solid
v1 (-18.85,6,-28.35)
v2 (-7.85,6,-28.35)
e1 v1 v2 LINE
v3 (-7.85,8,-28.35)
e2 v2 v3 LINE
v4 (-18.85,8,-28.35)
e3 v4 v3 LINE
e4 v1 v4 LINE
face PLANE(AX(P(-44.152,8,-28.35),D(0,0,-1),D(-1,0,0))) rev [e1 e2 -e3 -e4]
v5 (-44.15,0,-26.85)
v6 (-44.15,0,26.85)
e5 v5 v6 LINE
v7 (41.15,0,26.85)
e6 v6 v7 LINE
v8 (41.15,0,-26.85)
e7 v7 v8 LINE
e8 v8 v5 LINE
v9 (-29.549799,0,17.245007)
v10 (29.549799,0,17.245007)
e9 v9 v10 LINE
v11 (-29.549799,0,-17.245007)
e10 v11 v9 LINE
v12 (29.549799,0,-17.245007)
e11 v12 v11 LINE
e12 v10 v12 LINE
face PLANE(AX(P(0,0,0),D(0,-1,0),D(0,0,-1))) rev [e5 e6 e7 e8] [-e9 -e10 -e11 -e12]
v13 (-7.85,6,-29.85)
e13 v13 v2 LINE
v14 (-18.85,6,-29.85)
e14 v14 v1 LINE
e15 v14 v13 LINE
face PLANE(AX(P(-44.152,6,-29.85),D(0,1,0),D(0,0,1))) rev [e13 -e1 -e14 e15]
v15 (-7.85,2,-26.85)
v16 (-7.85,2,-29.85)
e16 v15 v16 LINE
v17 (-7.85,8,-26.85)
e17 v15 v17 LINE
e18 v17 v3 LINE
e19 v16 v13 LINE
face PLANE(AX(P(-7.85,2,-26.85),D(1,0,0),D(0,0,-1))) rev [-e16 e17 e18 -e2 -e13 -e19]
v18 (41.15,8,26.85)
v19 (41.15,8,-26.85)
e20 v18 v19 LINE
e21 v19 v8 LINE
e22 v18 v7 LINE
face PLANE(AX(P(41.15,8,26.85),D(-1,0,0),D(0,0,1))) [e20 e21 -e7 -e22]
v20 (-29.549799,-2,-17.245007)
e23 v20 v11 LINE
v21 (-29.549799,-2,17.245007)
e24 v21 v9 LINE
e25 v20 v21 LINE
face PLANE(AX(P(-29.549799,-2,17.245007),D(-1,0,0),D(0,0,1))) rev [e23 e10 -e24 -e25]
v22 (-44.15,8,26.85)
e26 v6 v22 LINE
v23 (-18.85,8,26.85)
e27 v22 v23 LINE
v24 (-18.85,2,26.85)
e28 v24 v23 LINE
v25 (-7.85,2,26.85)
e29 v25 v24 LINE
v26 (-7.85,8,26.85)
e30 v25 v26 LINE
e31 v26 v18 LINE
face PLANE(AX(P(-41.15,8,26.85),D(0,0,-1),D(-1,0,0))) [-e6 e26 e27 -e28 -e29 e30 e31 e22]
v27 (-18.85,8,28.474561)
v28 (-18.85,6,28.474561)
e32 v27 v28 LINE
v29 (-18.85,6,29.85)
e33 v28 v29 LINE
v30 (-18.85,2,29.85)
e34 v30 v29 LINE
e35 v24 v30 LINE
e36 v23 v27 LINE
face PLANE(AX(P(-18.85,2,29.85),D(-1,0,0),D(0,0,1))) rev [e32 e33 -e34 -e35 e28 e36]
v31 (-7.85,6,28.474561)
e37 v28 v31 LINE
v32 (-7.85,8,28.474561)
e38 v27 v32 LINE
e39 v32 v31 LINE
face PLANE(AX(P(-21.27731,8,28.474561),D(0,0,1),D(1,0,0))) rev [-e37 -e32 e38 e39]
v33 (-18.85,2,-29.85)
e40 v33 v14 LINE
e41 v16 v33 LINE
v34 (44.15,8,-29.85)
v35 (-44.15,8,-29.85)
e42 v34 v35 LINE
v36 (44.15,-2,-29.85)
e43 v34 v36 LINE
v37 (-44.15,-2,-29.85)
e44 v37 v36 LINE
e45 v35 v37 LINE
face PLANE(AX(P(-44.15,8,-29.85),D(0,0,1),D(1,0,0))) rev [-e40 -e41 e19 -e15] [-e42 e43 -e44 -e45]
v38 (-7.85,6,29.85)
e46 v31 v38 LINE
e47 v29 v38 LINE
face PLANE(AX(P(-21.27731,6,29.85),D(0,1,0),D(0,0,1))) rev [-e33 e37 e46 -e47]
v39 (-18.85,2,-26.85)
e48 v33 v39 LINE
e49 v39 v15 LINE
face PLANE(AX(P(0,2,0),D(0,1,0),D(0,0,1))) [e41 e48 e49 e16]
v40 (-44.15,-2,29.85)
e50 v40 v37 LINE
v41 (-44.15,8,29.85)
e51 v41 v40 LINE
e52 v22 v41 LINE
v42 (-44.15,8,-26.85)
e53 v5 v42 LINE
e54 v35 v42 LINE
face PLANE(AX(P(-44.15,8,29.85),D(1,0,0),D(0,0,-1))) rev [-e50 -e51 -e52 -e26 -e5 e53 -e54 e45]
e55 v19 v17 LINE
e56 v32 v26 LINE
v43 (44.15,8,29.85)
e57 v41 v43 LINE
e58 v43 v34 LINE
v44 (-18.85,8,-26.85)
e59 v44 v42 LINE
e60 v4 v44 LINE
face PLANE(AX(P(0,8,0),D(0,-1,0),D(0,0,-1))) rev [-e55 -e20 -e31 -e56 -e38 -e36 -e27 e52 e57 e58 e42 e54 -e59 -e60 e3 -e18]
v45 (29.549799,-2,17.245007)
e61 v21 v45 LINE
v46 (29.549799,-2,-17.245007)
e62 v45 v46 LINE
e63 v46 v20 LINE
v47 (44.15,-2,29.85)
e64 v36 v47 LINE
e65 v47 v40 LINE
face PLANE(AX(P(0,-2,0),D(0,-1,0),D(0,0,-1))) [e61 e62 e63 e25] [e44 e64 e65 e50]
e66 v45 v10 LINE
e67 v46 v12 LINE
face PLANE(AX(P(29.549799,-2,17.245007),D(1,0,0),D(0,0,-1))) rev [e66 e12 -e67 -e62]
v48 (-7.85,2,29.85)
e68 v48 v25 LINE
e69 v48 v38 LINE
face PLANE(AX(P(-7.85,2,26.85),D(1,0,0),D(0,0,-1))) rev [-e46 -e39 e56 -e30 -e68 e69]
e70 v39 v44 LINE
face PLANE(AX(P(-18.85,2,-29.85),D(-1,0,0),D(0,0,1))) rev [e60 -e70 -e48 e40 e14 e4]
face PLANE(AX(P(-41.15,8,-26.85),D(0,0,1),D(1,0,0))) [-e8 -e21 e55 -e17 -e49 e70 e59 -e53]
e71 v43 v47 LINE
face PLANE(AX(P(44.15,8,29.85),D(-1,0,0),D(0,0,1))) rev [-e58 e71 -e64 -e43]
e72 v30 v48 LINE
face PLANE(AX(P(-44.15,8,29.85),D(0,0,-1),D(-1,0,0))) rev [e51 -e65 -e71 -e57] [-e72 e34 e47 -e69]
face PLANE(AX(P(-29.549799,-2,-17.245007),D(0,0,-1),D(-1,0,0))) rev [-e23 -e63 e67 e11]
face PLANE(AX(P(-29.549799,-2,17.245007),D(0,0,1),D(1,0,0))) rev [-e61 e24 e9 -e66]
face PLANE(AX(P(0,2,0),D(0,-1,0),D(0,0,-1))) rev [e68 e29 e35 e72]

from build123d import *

# Parameters (mm, degrees)
SKETCH_1_W          = 88.3
SKETCH_1_H          = 59.7
SKETCH_1_W_2        = 82.3
SKETCH_1_H_2        = 53.7
EXTRUDE_1_DEPTH     = 8
SKETCH_2_W          = 88.3
SKETCH_2_H          = 59.7
EXTRUDE_2_DEPTH     = 2
SKETCH_3_W          = 59.09959803
SKETCH_3_H          = 34.490013092
CUT_EXTRUDE_1_DEPTH = 2
SKETCH_4_W          = 3
SKETCH_4_H          = 53.7
CUT_EXTRUDE_2_DEPTH = 8
SKETCH_5_W          = 11
SKETCH_5_H          = 3
CUT_EXTRUDE_3_DEPTH = 6
SKETCH_6_W          = 1.375438735
SKETCH_6_H          = 2
EXTRUDE_3_DEPTH     = 11
EXTRUDE_4_REACH     = 62.49
SKETCH_7_W          = 1.5
SKETCH_7_H          = 2


with BuildPart() as part:
    # 草图1 → 凸台-拉伸1 (new body)
    with BuildSketch(Plane(origin=(0, 0, 0), x_dir=(1, 0, 0), z_dir=(0, 1, 0))):
        Rectangle(SKETCH_1_W, SKETCH_1_H)
        Rectangle(SKETCH_1_W_2, SKETCH_1_H_2, mode=Mode.SUBTRACT)
    extrude(amount=EXTRUDE_1_DEPTH)

    # 草图2 → 凸台-拉伸2 (add)
    with BuildSketch(Plane.XZ):
        Rectangle(SKETCH_2_W, SKETCH_2_H)
    extrude(amount=EXTRUDE_2_DEPTH)

    # 草图3 → 切除-拉伸1 (cut)
    with BuildSketch(Plane(origin=(0, 0, 0), x_dir=(1, 0, 0), z_dir=(0, 1, 0))):
        Rectangle(SKETCH_3_W, SKETCH_3_H)
    extrude(amount=-CUT_EXTRUDE_1_DEPTH, mode=Mode.SUBTRACT)

    # 草图4 → 切除-拉伸2 (cut)
    with BuildSketch(Plane(origin=(0, 8, 0), x_dir=(1, 0, 0), z_dir=(0, 1, 0))):
        with Locations((-42.65, 0)):
            Rectangle(SKETCH_4_W, SKETCH_4_H)
    extrude(amount=-CUT_EXTRUDE_2_DEPTH, mode=Mode.SUBTRACT)

    # 草图5 → 切除-拉伸3 (cut)
    with BuildSketch(Plane(origin=(0, 8, 0), x_dir=(1, 0, 0), z_dir=(0, 1, 0))):
        with Locations((-13.35, 28.35)):
            Rectangle(SKETCH_5_W, SKETCH_5_H)
        with Locations((-13.35, -28.35)):
            Rectangle(SKETCH_5_W, SKETCH_5_H)
    extrude(amount=-CUT_EXTRUDE_3_DEPTH, mode=Mode.SUBTRACT)

    # 草图6 → 凸台-拉伸3 (add)
    with BuildSketch(Plane.ZY.offset(7.85)):
        with Locations((29.162280632, 7)):
            Rectangle(SKETCH_6_W, SKETCH_6_H)
    extrude(amount=EXTRUDE_3_DEPTH)

    # 草图7 → 凸台-拉伸4 (add, up to next)
    with BuildSketch(Plane.ZY.offset(7.85), mode=Mode.PRIVATE) as extrude_4_sk1:
        with Locations((-29.1, 7)):
            Rectangle(SKETCH_7_W, SKETCH_7_H)
    extrude_4_tool1 = extrude(extrude_4_sk1.sketch, amount=EXTRUDE_4_REACH, mode=Mode.PRIVATE) - part.part
    add(extrude_4_tool1.solids().sort_by_distance((-7.85, 7, -29.1))[0])


solid = part.part
